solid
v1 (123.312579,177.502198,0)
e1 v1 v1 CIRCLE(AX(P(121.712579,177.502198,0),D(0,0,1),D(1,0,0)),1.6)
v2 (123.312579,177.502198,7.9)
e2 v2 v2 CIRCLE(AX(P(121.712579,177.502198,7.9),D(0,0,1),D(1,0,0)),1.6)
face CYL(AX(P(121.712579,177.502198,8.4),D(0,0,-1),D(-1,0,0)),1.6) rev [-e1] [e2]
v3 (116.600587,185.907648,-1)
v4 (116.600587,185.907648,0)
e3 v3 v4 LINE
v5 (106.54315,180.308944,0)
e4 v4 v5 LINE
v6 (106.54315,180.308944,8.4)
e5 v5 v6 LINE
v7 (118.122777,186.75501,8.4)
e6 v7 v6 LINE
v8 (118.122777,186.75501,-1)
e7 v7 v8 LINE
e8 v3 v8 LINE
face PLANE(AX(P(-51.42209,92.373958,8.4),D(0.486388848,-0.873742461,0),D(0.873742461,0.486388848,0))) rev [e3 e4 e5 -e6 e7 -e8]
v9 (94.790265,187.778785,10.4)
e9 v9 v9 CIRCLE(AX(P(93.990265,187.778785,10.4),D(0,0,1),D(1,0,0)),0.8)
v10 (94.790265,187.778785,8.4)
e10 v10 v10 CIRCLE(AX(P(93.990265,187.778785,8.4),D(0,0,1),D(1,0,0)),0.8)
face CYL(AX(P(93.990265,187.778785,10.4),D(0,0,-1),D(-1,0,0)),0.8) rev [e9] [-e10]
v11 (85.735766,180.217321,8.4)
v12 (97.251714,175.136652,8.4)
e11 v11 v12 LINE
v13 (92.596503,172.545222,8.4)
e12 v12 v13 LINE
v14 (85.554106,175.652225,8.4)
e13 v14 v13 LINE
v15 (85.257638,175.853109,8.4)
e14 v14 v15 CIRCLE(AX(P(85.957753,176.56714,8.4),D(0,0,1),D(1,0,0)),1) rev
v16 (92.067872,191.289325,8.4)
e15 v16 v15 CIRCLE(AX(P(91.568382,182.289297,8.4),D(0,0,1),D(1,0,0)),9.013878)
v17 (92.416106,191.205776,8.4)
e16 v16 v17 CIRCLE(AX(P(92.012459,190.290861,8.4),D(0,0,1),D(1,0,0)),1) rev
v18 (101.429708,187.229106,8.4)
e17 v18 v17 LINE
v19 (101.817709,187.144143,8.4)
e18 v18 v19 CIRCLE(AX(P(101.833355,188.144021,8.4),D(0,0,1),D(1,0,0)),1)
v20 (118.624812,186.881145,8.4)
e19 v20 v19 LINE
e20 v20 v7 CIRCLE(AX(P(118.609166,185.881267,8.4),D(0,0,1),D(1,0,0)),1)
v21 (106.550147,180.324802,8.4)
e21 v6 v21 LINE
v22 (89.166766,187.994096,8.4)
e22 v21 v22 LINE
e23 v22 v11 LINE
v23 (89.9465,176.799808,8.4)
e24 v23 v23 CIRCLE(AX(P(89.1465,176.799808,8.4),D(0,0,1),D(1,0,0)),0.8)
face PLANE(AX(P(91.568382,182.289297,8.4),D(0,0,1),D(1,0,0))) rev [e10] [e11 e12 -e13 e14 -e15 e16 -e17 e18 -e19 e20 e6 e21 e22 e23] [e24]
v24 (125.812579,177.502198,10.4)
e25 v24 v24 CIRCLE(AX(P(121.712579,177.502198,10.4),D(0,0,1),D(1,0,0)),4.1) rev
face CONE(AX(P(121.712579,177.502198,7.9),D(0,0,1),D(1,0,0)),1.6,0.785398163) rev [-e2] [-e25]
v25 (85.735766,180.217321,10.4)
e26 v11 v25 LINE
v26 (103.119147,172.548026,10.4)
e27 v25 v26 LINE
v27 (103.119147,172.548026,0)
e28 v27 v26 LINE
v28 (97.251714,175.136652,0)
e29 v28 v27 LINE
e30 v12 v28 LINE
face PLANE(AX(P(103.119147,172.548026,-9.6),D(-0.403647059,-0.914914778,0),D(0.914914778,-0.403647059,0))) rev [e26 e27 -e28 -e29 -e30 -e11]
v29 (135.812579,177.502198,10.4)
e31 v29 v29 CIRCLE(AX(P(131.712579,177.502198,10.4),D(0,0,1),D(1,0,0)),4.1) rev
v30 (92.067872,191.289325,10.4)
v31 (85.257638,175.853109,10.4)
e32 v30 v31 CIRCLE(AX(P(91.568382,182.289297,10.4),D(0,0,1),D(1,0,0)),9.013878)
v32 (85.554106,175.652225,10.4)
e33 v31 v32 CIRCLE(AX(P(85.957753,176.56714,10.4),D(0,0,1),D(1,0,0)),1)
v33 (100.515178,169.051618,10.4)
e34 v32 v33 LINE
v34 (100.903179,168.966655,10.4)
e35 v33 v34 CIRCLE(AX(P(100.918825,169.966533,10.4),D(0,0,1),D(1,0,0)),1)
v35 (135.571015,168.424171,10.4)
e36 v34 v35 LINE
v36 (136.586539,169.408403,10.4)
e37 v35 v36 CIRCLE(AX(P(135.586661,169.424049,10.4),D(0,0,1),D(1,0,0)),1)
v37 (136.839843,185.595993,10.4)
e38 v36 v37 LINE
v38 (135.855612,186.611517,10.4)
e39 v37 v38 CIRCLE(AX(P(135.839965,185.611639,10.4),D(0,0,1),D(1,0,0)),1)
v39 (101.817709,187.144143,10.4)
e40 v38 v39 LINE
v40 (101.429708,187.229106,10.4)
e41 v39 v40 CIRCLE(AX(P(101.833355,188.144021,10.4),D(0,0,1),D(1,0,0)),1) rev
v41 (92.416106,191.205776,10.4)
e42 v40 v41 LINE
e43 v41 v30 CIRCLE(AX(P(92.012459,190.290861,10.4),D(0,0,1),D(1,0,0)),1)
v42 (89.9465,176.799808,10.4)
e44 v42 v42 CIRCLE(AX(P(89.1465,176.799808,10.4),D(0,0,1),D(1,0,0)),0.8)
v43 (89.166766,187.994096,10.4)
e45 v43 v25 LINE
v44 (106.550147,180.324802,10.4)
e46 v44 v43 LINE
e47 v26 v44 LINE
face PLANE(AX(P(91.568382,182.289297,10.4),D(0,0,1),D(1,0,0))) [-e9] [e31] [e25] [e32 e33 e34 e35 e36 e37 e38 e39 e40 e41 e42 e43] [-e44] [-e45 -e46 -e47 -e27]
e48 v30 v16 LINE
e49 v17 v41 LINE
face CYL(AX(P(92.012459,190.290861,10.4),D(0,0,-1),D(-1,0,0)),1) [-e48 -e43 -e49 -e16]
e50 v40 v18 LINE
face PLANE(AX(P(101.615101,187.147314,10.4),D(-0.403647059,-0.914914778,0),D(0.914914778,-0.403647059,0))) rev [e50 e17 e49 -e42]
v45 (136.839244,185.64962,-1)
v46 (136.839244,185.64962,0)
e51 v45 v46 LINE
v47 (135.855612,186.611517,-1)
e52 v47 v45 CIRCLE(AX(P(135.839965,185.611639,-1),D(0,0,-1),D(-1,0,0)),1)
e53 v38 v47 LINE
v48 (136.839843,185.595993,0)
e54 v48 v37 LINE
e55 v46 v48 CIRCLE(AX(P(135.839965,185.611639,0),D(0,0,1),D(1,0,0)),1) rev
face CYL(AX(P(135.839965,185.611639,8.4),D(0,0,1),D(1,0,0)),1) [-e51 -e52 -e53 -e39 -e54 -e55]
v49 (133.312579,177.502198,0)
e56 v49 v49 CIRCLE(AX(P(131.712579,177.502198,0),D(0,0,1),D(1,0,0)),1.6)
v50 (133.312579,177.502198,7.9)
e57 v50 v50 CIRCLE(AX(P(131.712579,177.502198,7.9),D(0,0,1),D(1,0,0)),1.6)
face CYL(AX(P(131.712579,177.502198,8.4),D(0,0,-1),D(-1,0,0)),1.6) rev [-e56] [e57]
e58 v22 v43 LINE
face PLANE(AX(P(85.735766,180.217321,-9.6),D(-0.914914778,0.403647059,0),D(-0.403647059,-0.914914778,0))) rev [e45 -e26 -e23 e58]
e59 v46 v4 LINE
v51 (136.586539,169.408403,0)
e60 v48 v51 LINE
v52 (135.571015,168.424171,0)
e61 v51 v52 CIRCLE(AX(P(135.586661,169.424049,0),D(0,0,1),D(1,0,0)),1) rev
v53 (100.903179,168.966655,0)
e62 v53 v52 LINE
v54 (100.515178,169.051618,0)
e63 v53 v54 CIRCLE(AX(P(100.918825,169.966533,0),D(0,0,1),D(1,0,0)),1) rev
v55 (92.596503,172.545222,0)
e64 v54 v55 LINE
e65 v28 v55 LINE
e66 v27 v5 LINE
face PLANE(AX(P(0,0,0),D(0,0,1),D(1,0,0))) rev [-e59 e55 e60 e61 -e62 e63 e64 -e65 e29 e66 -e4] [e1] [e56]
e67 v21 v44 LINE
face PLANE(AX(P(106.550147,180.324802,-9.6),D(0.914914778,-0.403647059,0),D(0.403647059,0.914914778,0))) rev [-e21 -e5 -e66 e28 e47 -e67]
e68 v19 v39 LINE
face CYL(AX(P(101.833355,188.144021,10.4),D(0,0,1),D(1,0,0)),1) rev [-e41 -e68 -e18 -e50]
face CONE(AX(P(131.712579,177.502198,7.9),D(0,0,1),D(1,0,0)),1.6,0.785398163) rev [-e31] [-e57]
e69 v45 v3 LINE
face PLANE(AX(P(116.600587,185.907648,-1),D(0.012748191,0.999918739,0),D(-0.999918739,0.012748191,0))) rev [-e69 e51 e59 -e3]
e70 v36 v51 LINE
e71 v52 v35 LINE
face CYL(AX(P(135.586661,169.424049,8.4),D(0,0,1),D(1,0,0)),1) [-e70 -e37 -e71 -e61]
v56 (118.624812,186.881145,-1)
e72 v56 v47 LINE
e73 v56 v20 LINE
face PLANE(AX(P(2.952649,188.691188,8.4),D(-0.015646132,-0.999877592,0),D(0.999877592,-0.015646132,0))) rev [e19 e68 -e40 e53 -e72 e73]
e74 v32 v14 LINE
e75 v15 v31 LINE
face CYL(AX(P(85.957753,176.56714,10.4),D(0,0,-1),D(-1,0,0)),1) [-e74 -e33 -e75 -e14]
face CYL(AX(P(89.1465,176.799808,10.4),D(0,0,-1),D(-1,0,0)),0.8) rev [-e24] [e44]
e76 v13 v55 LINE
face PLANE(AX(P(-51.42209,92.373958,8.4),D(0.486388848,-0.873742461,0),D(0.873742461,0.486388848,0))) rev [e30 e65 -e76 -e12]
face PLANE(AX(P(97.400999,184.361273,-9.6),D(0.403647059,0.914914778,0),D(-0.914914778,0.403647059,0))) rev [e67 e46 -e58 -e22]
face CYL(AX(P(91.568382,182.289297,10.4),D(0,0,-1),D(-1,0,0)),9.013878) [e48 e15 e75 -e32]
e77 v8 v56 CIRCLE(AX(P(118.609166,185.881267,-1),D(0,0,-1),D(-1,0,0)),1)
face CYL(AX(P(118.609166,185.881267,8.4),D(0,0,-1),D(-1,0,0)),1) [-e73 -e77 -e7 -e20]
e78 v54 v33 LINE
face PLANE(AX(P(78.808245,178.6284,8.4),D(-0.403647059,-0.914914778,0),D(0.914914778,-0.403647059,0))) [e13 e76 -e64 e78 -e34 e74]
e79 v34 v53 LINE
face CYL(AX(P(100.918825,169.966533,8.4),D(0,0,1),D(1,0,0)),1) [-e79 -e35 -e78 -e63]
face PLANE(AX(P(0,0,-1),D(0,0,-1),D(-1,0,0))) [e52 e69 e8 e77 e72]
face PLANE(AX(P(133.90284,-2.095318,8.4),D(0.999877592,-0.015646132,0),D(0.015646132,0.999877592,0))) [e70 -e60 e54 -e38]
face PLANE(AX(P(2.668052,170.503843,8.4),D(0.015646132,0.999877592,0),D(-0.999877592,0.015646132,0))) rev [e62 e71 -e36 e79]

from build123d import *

# Parameters (mm, degrees)
SKETCH7_R           = 1.5999999999999968
SKETCH7_R_2         = 1.6000000000000103
BOSS_EXTRUDE4_DEPTH = 8.4
SKETCH8_R           = 1.600000000000002
SKETCH8_R_2         = 1.5999999999999888
SKETCH8_R_3         = 0.7999999999999944
BOSS_EXTRUDE5_DEPTH = 2
BOSS_EXTRUDE6_DEPTH = 1
CHAMFER1_SIZE       = 2.5
FILLET1_R           = 1
CUT_EXTRUDE1_DEPTH  = 20


with BuildPart() as part:
    # Sketch7 → Boss-Extrude4 (new body)
    with BuildSketch(Plane.XY):
        Polygon((100.70057064402273, 168.9698255115625), (92.5965029309412, 172.54522201163132), (118.3568955070623, 186.88533735497072), (136.85548909280223, 186.59587048571208), (136.570892648763, 168.40852501258752), align=None)
        with Locations((131.71257875478256, 177.50219774914976)):
            Circle(SKETCH7_R, mode=Mode.SUBTRACT)
        with Locations((121.71257875478257, 177.50219774914976)):
            Circle(SKETCH7_R_2, mode=Mode.SUBTRACT)
    extrude(amount=BOSS_EXTRUDE4_DEPTH)

    # Sketch8 → Boss-Extrude5 (add)
    with BuildSketch(Plane.XY.offset(8.4)):
        with BuildLine():
            Line((101.6151007105908, 187.14731375350308), (136.85548909280223, 186.59587048571208))
            Line((136.85548909280223, 186.59587048571208), (136.570892648763, 168.40852501258752))
            Line((136.570892648763, 168.40852501258752), (100.70057064402273, 168.96982551156256))
            Line((100.70057064402273, 168.96982551156256), (85.39263791538717, 175.72346220846532))
            ThreePointArc((85.39263791538717, 175.72346220846532), (83.32145188451928, 185.9277220686207), (92.25463791536886, 191.27701344283787))
            Line((92.25463791536886, 191.27701344283787), (101.6151007105908, 187.14731375350308))
        make_face()
        with Locations((121.71257875478257, 177.50219774914976)):
            Circle(SKETCH8_R, mode=Mode.SUBTRACT)
        with Locations((131.71257875478256, 177.50219774914976)):
            Circle(SKETCH8_R_2, mode=Mode.SUBTRACT)
        with Locations((93.99026460379022, 187.77878532013932)):
            Circle(SKETCH8_R_3, mode=Mode.SUBTRACT)
        with Locations((89.1464998979208, 176.79980797822924)):
            Circle(SKETCH8_R_3, mode=Mode.SUBTRACT)
    extrude(amount=BOSS_EXTRUDE5_DEPTH)

    # Sketch9 → Boss-Extrude6 (add)
    with BuildSketch(Plane(origin=(0, 0, 0), x_dir=(-1, 0, 0), z_dir=(0, 0, -1))):
        Polygon((-136.8406818403388, 185.64960210569163), (-136.85548909280223, 186.59587048571208), (-118.3568955070623, 186.88533735497072), (-116.60058674528226, 185.9076476653427), align=None)
    extrude(amount=BOSS_EXTRUDE6_DEPTH)

    # Chamfer1
    chamfer1_edges = [part.edges().sort_by_distance(p)[0] for p in [
        (120.11257875478256, 177.50219774914976, 10.4),
        (130.11257875478256, 177.50219774914976, 10.4),
    ]]
    chamfer(chamfer1_edges, length=CHAMFER1_SIZE)

    # Fillet1
    fillet1_edges = [part.edges().sort_by_distance(p)[0] for p in [
        (92.25463791536886, 191.27701344283787, 9.4),
        (85.39263791538717, 175.72346220846532, 9.4),
        (136.85548909280223, 186.59587048571208, 4.7),
        (136.570892648763, 168.40852501258752, 5.2),
        (100.70057064402273, 168.96982551156253, 5.2),
        (101.6151007105908, 187.14731375350308, 9.4),
        (118.3568955070623, 186.88533735497072, 3.7),
    ]]
    fillet(fillet1_edges, radius=FILLET1_R)

    # Sketch10 → Cut-Extrude1 (cut)
    with BuildSketch(Plane.XY.offset(10.400000000000002)):
        Polygon((93.96999875407636, 176.58449707589014), (85.73576574764382, 180.21732060529217), (89.16676574763467, 187.99409622247845), (97.40099875406719, 184.3612726930764), (106.55014653899221, 180.32480210485187), (103.11914653900139, 172.54802648766562), align=None)
    extrude(amount=-CUT_EXTRUDE1_DEPTH, mode=Mode.SUBTRACT)


solid = part.part
